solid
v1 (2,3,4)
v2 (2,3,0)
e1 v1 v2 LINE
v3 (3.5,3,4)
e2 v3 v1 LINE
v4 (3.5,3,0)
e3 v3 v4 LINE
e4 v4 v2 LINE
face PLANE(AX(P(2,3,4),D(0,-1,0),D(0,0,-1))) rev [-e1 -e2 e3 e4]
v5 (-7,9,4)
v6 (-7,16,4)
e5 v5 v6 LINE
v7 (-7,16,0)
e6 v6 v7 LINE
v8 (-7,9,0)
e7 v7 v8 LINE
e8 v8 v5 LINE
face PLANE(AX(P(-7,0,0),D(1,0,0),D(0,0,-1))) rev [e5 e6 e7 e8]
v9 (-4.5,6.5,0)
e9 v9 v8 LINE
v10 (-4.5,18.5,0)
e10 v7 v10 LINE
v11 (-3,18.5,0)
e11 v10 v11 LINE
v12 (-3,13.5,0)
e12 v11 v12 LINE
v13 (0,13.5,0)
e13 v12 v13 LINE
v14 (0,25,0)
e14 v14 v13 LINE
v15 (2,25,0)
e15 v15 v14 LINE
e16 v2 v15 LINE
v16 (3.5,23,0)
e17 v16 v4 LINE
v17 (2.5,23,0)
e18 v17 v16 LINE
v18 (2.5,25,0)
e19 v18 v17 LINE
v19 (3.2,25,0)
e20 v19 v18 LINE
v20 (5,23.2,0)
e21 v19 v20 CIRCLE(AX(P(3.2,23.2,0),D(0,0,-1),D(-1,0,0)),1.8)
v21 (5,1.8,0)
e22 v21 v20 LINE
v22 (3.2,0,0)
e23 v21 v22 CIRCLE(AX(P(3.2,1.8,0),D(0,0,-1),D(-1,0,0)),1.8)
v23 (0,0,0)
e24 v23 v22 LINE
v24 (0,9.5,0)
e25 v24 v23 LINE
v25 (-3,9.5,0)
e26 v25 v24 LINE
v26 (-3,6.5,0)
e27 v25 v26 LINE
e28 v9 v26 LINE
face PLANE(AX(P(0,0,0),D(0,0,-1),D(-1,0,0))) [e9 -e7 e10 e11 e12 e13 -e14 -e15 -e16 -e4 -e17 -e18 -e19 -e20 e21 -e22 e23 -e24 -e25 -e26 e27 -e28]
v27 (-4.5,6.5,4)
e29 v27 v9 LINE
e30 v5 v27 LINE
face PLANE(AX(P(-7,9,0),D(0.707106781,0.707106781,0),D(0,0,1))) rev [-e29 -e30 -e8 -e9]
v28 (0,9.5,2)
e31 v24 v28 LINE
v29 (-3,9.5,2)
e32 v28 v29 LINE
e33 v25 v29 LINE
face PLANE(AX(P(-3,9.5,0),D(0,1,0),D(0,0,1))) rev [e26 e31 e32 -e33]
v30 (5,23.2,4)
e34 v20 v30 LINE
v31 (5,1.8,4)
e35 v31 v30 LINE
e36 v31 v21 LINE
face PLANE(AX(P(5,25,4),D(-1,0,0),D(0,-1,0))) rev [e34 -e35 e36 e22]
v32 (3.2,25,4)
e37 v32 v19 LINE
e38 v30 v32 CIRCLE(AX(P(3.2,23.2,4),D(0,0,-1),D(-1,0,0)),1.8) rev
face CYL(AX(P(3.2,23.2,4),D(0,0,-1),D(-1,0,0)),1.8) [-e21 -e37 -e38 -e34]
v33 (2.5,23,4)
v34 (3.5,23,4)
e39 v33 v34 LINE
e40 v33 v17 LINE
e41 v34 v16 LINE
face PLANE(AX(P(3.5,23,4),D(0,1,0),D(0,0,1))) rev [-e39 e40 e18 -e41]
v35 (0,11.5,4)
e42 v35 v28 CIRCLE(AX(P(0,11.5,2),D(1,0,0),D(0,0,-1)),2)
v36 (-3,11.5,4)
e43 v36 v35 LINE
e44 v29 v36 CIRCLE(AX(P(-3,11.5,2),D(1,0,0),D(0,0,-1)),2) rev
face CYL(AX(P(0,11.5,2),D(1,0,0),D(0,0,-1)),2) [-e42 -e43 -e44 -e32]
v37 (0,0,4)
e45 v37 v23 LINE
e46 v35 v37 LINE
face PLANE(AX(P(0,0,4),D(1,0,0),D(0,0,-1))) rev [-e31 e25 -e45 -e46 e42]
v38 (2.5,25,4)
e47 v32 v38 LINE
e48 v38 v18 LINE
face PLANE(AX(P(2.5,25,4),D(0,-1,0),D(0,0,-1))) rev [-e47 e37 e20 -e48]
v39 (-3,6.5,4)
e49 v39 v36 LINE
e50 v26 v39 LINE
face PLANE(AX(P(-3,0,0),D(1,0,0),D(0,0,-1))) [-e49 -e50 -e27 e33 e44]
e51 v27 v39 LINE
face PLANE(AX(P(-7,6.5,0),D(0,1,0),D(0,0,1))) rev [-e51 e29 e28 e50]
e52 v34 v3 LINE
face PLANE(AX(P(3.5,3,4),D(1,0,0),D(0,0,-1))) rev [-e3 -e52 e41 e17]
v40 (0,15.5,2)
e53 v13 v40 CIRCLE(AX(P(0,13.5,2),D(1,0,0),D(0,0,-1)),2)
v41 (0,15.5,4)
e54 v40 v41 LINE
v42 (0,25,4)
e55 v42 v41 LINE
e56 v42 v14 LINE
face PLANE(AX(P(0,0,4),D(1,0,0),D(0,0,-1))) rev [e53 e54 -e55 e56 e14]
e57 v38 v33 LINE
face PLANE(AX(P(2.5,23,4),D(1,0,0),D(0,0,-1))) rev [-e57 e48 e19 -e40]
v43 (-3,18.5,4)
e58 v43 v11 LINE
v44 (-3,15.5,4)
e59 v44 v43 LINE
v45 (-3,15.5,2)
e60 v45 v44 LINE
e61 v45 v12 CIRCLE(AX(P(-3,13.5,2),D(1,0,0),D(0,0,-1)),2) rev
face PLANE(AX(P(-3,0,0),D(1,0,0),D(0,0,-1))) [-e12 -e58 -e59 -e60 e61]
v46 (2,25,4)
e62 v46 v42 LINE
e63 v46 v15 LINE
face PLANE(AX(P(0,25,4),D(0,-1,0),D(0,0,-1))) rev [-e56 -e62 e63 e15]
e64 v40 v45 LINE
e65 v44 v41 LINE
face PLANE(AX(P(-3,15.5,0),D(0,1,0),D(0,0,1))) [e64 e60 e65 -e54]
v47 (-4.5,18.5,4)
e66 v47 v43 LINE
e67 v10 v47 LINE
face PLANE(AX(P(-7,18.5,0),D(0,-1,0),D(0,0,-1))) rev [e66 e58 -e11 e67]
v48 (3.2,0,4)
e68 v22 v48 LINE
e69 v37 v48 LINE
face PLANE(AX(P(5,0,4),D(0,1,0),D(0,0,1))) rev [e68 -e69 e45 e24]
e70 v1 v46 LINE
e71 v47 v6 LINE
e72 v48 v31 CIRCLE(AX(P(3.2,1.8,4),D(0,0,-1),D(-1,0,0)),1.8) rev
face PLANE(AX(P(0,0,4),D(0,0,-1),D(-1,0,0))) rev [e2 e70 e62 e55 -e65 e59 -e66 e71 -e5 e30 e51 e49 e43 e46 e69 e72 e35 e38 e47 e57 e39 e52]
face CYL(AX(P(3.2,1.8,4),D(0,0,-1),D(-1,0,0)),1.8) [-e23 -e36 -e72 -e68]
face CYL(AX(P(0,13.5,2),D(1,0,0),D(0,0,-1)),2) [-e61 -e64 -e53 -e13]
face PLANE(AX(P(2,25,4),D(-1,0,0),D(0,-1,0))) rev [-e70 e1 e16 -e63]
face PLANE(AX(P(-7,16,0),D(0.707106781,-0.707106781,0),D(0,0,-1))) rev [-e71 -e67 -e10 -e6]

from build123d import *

# Parameters (mm, degrees)
DODANIE_WYCI_GNI_CIE1_DEPTH = 4
ZAOKR_GLENIE1_R             = 1.8
SZKIC2_W                    = 4
SZKIC2_H                    = 6
DODANIE_WYCI_GNI_CIE2_DEPTH = 3
ZAOKR_GLENIE2_R             = 2
SZKIC3_W                    = 4
SZKIC3_H                    = 12
DODANIE_WYCI_GNI_CIE3_DEPTH = 4
SFAZOWANIE1_SIZE            = 2.5


with BuildPart() as part:
    # Szkic1 → Dodanie-wyciągnięcie1 (new body)
    with BuildSketch(Plane.XY):
        Polygon((0, 0), (0, 25), (2, 25), (2, 3), (3.5, 3), (3.5, 23), (2.5, 23), (2.5, 25), (5, 25), (5, 0), align=None)
    extrude(amount=DODANIE_WYCI_GNI_CIE1_DEPTH)

    # Zaokrąglenie1
    zaokr_glenie1_edges = [part.edges().sort_by_distance(p)[0] for p in [
        (5, 25, 2),
        (5, 0, 2),
    ]]
    fillet(zaokr_glenie1_edges, radius=ZAOKR_GLENIE1_R)

    # Szkic2 → Dodanie-wyciągnięcie2 (add)
    with BuildSketch(Plane.ZY):
        with Locations((2, 12.5)):
            Rectangle(SZKIC2_W, SZKIC2_H)
    extrude(amount=DODANIE_WYCI_GNI_CIE2_DEPTH)

    # Zaokrąglenie2
    zaokr_glenie2_edges = [part.edges().sort_by_distance(p)[0] for p in [
        (-1.5, 15.5, 0),
        (-1.5, 9.5, 4),
    ]]
    fillet(zaokr_glenie2_edges, radius=ZAOKR_GLENIE2_R)

    # Szkic3 → Dodanie-wyciągnięcie3 (add)
    with BuildSketch(Plane.ZY.offset(3)):
        with Locations((2, 12.5)):
            Rectangle(SZKIC3_W, SZKIC3_H)
    extrude(amount=DODANIE_WYCI_GNI_CIE3_DEPTH)

    # Sfazowanie1
    sfazowanie1_edges = [part.edges().sort_by_distance(p)[0] for p in [
        (-7, 6.5, 2),
        (-7, 18.5, 2),
    ]]
    chamfer(sfazowanie1_edges, length=SFAZOWANIE1_SIZE)


solid = part.part
